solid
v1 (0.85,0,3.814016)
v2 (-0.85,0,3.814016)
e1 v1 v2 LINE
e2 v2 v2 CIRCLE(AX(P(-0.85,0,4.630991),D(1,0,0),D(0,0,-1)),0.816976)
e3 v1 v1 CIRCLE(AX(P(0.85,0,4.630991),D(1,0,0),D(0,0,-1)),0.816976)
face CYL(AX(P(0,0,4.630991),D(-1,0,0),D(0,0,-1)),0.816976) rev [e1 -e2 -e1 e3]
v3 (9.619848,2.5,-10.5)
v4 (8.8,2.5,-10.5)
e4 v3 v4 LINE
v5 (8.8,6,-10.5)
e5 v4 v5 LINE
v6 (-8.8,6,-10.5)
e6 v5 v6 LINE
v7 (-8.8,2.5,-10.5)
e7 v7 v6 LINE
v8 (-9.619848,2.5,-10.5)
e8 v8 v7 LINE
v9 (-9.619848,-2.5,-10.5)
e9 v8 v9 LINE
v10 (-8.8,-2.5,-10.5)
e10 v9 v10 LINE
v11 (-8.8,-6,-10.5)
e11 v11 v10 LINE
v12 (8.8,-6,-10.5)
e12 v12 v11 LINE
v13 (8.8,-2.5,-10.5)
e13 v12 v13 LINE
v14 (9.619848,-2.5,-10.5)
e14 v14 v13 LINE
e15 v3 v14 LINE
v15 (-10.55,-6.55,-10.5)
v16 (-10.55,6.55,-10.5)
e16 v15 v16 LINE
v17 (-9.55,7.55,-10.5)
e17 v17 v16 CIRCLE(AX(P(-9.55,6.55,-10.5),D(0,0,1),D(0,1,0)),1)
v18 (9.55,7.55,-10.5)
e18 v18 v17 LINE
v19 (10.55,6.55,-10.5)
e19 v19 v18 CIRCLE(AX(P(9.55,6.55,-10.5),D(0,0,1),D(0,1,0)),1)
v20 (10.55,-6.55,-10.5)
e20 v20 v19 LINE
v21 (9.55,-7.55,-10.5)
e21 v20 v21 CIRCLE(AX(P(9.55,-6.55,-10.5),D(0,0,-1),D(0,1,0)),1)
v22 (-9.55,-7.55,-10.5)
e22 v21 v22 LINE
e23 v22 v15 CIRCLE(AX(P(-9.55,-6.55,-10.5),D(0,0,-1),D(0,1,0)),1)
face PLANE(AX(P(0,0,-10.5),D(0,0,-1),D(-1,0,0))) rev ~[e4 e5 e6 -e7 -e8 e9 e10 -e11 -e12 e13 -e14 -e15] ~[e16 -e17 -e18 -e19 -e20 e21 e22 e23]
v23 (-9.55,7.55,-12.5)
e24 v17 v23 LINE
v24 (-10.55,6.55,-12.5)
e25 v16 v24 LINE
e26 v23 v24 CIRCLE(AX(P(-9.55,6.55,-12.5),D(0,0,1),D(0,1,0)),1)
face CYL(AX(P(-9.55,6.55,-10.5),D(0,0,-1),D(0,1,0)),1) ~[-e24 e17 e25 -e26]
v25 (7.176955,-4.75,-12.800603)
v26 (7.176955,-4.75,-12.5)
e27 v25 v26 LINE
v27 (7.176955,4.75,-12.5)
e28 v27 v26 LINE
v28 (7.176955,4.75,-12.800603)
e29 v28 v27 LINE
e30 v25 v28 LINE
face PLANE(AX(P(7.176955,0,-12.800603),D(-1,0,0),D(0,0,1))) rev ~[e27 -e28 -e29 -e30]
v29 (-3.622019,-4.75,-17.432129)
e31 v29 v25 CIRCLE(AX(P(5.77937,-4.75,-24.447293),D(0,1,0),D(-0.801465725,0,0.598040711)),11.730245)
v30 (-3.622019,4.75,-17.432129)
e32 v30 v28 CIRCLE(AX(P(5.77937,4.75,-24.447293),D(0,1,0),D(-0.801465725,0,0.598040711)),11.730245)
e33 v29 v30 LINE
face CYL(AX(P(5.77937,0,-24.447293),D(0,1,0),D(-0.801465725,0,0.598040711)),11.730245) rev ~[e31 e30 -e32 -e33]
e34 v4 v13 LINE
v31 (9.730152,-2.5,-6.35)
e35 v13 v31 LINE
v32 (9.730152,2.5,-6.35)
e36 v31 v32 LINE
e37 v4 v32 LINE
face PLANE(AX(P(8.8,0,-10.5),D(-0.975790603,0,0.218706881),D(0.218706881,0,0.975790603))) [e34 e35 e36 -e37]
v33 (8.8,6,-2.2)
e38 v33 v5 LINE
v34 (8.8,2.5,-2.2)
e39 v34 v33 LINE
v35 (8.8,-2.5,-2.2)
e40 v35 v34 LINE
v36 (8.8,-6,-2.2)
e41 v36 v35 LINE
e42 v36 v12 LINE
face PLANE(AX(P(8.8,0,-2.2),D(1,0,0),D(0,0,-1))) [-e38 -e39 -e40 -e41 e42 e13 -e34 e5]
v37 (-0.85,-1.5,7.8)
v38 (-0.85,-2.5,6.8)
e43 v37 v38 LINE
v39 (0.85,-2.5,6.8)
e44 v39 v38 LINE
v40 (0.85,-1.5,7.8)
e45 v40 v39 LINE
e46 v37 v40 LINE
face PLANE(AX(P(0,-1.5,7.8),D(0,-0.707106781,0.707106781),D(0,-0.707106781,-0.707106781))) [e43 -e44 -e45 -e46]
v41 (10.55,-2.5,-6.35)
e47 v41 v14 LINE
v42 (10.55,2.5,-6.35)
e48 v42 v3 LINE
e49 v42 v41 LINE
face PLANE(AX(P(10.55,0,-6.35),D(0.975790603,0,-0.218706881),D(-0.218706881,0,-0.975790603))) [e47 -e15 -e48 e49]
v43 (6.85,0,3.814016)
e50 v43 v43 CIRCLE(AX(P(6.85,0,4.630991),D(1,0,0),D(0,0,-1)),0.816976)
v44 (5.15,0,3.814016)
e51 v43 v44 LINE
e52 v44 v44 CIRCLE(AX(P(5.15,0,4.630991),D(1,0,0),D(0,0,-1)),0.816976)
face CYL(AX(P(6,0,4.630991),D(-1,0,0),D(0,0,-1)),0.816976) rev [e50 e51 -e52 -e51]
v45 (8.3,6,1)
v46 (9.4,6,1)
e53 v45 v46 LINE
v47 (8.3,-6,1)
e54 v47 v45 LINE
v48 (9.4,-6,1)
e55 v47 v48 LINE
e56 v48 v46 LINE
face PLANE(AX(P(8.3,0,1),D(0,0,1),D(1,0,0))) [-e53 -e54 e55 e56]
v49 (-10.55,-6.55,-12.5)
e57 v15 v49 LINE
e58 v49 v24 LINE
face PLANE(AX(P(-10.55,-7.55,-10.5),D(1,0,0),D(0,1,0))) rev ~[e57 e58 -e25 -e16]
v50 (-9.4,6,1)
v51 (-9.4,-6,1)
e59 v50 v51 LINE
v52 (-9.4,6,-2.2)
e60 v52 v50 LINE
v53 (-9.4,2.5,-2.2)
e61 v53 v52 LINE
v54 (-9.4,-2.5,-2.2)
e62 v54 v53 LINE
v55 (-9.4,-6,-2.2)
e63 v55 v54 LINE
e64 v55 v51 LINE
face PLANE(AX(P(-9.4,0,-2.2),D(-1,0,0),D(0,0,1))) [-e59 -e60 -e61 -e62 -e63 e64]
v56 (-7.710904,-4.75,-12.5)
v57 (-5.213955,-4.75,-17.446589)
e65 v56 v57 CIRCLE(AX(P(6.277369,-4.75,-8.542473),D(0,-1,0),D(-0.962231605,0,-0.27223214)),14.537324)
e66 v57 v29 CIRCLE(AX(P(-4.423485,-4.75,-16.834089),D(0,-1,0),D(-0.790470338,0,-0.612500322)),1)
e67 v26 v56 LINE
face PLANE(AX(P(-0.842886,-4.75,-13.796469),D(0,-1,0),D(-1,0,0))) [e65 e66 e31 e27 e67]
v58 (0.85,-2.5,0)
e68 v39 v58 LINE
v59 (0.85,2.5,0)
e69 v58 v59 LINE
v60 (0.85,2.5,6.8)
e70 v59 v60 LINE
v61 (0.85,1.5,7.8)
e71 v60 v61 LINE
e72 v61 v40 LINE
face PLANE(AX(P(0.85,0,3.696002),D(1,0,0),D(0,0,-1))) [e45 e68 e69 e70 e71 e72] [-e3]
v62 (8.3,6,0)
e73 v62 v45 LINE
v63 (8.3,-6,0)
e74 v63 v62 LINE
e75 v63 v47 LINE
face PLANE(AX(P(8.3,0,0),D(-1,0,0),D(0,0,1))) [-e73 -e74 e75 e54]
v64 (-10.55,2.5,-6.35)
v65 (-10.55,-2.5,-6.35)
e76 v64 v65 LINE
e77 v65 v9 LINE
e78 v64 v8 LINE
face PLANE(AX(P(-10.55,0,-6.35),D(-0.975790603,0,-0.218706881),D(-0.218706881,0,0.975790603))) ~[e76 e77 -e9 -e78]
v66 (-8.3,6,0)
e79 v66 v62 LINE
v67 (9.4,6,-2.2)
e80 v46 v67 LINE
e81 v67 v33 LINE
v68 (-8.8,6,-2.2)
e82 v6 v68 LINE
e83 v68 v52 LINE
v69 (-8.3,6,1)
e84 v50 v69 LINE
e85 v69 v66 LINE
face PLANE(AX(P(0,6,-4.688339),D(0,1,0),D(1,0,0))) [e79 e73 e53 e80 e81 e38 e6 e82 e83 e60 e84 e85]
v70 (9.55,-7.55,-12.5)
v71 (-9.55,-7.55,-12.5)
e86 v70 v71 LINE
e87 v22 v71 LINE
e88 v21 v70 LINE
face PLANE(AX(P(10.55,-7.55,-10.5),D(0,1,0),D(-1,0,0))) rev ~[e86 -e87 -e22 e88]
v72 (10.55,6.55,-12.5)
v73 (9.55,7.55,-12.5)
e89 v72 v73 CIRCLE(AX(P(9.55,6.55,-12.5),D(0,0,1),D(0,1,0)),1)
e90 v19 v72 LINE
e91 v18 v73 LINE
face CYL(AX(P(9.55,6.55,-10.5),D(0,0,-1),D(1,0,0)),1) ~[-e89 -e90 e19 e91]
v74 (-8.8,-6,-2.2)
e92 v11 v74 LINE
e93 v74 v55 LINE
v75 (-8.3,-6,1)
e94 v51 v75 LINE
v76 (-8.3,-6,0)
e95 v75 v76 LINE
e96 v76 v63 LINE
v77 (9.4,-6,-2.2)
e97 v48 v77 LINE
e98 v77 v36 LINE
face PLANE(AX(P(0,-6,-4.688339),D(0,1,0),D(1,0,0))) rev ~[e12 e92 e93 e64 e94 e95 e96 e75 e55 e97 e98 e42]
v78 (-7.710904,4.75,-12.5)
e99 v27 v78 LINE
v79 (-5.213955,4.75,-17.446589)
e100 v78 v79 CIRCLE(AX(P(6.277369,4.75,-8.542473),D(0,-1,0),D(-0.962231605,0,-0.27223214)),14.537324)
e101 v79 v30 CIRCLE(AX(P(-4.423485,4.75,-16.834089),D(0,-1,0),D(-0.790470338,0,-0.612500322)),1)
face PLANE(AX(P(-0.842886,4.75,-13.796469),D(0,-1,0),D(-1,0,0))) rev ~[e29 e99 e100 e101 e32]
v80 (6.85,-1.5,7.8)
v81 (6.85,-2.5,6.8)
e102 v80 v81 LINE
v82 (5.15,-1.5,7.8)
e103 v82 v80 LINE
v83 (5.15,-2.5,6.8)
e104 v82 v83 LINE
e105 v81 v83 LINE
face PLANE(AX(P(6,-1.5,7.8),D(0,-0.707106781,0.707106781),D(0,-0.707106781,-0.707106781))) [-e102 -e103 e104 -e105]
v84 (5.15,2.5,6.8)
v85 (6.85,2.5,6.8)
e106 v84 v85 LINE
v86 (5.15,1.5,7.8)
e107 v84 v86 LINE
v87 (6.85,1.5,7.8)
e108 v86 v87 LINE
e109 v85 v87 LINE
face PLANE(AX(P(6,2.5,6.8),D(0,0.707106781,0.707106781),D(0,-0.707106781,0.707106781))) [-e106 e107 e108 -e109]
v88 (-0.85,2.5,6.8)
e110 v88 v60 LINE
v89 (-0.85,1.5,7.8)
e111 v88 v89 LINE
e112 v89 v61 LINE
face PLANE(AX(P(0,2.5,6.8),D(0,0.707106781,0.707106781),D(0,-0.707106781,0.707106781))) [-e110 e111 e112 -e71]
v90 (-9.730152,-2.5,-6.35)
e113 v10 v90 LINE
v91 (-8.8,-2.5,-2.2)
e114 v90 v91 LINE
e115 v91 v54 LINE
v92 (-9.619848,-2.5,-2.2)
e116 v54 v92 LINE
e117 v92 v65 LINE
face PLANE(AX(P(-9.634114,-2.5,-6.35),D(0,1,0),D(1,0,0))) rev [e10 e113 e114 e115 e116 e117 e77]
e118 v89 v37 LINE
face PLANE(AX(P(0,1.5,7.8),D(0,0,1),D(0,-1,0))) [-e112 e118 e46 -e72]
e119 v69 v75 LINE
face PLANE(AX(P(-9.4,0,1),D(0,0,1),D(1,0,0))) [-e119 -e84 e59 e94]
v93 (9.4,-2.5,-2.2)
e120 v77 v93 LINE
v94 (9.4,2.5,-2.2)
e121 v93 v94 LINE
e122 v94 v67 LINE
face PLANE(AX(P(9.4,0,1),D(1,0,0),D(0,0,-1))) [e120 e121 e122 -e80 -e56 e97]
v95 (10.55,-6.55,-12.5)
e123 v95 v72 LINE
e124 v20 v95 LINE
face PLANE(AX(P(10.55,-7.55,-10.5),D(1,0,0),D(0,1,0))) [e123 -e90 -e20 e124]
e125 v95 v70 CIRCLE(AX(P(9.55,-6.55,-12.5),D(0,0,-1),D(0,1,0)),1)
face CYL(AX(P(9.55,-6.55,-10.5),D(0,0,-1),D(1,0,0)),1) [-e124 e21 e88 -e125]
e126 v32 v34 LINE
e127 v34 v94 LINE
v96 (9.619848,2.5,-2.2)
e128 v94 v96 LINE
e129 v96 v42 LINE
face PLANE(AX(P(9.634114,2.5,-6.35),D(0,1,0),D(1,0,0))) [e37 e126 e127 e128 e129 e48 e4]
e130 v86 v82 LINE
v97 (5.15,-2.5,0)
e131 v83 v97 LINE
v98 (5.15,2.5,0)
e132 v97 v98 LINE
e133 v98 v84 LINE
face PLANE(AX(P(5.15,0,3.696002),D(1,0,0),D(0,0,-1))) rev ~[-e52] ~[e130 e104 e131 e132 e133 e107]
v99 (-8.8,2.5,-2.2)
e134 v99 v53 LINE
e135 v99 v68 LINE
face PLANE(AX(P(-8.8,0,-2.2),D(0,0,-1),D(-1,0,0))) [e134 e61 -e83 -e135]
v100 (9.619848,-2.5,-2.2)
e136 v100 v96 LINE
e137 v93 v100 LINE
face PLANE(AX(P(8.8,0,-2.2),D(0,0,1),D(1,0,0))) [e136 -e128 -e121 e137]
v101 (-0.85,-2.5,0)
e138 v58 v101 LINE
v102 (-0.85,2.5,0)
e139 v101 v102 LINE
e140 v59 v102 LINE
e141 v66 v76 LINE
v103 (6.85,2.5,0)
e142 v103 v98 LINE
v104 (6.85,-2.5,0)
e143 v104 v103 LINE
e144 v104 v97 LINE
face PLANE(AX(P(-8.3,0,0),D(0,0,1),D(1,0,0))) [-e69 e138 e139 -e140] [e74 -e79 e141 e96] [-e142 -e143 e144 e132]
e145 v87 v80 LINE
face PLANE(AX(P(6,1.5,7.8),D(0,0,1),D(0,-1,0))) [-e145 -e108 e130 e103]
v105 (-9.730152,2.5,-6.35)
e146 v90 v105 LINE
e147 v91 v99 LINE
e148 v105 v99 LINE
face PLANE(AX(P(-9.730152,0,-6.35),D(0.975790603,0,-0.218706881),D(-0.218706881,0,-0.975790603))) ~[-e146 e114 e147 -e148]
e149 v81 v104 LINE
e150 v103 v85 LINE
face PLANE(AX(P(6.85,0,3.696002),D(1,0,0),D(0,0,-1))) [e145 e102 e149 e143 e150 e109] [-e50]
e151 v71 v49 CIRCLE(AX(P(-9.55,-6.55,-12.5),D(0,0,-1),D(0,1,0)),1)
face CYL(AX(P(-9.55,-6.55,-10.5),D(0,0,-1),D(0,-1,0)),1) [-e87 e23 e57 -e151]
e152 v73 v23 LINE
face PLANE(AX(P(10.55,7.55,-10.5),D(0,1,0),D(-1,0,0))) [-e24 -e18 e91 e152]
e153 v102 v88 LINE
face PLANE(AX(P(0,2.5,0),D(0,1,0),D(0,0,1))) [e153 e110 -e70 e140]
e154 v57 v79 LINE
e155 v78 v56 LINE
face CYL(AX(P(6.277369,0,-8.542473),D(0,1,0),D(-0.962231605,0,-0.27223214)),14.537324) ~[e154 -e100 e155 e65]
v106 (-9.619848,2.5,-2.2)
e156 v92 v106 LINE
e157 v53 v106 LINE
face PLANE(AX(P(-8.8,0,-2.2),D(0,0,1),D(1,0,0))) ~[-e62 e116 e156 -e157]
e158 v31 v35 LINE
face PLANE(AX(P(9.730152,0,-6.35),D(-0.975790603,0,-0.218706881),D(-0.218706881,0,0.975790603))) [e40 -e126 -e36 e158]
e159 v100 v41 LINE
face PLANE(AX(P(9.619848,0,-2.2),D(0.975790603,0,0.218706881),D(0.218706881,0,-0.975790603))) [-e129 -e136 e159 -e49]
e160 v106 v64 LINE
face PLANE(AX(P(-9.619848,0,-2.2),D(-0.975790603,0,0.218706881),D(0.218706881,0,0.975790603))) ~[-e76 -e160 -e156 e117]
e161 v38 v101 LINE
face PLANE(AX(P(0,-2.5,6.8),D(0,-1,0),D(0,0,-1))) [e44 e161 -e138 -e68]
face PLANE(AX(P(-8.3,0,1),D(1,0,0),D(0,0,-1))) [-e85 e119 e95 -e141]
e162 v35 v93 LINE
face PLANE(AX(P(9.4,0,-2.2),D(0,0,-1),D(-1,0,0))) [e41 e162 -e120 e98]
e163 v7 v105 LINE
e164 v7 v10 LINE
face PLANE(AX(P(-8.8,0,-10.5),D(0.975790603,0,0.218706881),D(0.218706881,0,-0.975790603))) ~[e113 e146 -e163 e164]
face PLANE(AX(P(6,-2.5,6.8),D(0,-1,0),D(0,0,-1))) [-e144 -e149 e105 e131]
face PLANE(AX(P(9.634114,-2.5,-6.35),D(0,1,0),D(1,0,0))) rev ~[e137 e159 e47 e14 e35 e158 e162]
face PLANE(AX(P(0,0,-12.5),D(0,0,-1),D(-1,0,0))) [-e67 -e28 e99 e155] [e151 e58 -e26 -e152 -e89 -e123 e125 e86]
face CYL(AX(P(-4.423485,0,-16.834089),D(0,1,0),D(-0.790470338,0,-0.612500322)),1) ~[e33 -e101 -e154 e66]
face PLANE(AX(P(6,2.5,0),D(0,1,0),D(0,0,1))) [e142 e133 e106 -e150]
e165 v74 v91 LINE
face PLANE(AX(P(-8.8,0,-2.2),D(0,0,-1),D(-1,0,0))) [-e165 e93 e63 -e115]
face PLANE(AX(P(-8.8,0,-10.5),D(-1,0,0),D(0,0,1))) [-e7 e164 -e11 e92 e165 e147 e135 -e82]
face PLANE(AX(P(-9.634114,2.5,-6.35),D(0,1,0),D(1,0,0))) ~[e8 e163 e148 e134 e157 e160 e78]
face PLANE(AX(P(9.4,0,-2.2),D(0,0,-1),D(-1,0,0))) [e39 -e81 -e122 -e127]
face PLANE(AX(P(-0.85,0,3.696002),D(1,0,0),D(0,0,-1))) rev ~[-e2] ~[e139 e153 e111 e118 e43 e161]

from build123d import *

# Parameters (mm, degrees)
BOSS_EXTRUDE1_DEPTH = 6
SKETCH2_W           = 21.1
SKETCH2_H           = 15.1
BOSS_EXTRUDE2_DEPTH = 2
FILLET1_R           = 1
SKETCH3_R           = 0.816975511
BOSS_EXTRUDE3_DEPTH = 0.85
LPATTERN1_COUNT     = 2
LPATTERN1_PITCH     = 6
BOSS_EXTRUDE4_DEPTH = 4.75
BOSS_EXTRUDE5_DEPTH = 2.5


with BuildPart() as part:
    # Sketch1 → Boss-Extrude1 (new, symmetric)
    with BuildSketch(Plane(origin=(0, 0, 0), x_dir=(1, 0, 0), z_dir=(0, 1, 0))):
        Polygon((-8.3, 0), (8.3, 0), (8.3, -1), (9.4, -1), (9.4, 2.2), (8.8, 2.2), (8.8, 10.5), (-8.8, 10.5), (-8.8, 2.2), (-9.4, 2.2), (-9.4, -1), (-8.3, -1), align=None)
    extrude(amount=BOSS_EXTRUDE1_DEPTH, both=True)

    # Sketch2 → Boss-Extrude2 (add)
    with BuildSketch(Plane(origin=(0, 0, -10.5), x_dir=(-1, 0, 0), z_dir=(0, 0, -1))):
        Rectangle(SKETCH2_W, SKETCH2_H)
    extrude(amount=BOSS_EXTRUDE2_DEPTH)

    # Fillet1
    fillet1_edges = [part.edges().sort_by_distance(p)[0] for p in [
        (10.55, 7.55, -11.5),
        (10.55, -7.55, -11.5),
        (-10.55, -7.55, -11.5),
        (-10.55, 7.55, -11.5),
    ]]
    fillet(fillet1_edges, radius=FILLET1_R)

    # Sketch3 → Boss-Extrude3 (add, symmetric)
    with BuildSketch(Plane(origin=(0, 0, 0), x_dir=(0, 0, -1), z_dir=(1, 0, 0))):
        Polygon((0, 2.5), (-6.8, 2.5), (-7.8, 1.5), (-7.8, -1.5), (-6.8, -2.5), (0, -2.5), align=None)
        with Locations((-4.630991461, 0)):
            Circle(SKETCH3_R, mode=Mode.SUBTRACT)
    boss_extrude3 = extrude(amount=BOSS_EXTRUDE3_DEPTH, both=True)

    # LPattern1: Boss-Extrude3 ×2
    with Locations(*[(i * LPATTERN1_PITCH, 0, 0) for i in range(1, LPATTERN1_COUNT)]):
        add(boss_extrude3)

    # Sketch4 → Boss-Extrude4 (add, symmetric)
    with BuildSketch(Plane(origin=(0, 0, 0), x_dir=(1, 0, 0), z_dir=(0, 1, 0))):
        with BuildLine():
            Line((7.176954922, 12.800602649), (7.176954922, 12.5))
            Line((7.176954922, 12.5), (-7.71090433, 12.5))
            ThreePointArc((-7.71090433, 12.5), (-6.700290902, 15.093362546), (-5.21395506, 17.446588959))
            ThreePointArc((-5.21395506, 17.446588959), (-4.414402061, 17.834047388), (-3.622018998, 17.432129346))
            ThreePointArc((-3.622018998, 17.432129346), (1.155737297, 13.666724512), (7.176954922, 12.800602649))
        make_face()
    extrude(amount=BOSS_EXTRUDE4_DEPTH, both=True)

    # Sketch5 → Boss-Extrude5 (add, symmetric)
    with BuildSketch(Plane(origin=(0, 0, 0), x_dir=(1, 0, 0), z_dir=(0, 1, 0))):
        Polygon((8.8, 10.5), (9.730151973, 6.35), (8.8, 2.2), (9.619848027, 2.2), (10.55, 6.35), (9.619848027, 10.5), align=None)
    boss_extrude5 = extrude(amount=BOSS_EXTRUDE5_DEPTH, both=True)

    # Mirror1: Boss-Extrude5 across plane
    add(boss_extrude5.mirror(Plane(origin=(0, 0, 0), x_dir=(0, 0, 1), z_dir=(1, 0, 0))))


solid = part.part
